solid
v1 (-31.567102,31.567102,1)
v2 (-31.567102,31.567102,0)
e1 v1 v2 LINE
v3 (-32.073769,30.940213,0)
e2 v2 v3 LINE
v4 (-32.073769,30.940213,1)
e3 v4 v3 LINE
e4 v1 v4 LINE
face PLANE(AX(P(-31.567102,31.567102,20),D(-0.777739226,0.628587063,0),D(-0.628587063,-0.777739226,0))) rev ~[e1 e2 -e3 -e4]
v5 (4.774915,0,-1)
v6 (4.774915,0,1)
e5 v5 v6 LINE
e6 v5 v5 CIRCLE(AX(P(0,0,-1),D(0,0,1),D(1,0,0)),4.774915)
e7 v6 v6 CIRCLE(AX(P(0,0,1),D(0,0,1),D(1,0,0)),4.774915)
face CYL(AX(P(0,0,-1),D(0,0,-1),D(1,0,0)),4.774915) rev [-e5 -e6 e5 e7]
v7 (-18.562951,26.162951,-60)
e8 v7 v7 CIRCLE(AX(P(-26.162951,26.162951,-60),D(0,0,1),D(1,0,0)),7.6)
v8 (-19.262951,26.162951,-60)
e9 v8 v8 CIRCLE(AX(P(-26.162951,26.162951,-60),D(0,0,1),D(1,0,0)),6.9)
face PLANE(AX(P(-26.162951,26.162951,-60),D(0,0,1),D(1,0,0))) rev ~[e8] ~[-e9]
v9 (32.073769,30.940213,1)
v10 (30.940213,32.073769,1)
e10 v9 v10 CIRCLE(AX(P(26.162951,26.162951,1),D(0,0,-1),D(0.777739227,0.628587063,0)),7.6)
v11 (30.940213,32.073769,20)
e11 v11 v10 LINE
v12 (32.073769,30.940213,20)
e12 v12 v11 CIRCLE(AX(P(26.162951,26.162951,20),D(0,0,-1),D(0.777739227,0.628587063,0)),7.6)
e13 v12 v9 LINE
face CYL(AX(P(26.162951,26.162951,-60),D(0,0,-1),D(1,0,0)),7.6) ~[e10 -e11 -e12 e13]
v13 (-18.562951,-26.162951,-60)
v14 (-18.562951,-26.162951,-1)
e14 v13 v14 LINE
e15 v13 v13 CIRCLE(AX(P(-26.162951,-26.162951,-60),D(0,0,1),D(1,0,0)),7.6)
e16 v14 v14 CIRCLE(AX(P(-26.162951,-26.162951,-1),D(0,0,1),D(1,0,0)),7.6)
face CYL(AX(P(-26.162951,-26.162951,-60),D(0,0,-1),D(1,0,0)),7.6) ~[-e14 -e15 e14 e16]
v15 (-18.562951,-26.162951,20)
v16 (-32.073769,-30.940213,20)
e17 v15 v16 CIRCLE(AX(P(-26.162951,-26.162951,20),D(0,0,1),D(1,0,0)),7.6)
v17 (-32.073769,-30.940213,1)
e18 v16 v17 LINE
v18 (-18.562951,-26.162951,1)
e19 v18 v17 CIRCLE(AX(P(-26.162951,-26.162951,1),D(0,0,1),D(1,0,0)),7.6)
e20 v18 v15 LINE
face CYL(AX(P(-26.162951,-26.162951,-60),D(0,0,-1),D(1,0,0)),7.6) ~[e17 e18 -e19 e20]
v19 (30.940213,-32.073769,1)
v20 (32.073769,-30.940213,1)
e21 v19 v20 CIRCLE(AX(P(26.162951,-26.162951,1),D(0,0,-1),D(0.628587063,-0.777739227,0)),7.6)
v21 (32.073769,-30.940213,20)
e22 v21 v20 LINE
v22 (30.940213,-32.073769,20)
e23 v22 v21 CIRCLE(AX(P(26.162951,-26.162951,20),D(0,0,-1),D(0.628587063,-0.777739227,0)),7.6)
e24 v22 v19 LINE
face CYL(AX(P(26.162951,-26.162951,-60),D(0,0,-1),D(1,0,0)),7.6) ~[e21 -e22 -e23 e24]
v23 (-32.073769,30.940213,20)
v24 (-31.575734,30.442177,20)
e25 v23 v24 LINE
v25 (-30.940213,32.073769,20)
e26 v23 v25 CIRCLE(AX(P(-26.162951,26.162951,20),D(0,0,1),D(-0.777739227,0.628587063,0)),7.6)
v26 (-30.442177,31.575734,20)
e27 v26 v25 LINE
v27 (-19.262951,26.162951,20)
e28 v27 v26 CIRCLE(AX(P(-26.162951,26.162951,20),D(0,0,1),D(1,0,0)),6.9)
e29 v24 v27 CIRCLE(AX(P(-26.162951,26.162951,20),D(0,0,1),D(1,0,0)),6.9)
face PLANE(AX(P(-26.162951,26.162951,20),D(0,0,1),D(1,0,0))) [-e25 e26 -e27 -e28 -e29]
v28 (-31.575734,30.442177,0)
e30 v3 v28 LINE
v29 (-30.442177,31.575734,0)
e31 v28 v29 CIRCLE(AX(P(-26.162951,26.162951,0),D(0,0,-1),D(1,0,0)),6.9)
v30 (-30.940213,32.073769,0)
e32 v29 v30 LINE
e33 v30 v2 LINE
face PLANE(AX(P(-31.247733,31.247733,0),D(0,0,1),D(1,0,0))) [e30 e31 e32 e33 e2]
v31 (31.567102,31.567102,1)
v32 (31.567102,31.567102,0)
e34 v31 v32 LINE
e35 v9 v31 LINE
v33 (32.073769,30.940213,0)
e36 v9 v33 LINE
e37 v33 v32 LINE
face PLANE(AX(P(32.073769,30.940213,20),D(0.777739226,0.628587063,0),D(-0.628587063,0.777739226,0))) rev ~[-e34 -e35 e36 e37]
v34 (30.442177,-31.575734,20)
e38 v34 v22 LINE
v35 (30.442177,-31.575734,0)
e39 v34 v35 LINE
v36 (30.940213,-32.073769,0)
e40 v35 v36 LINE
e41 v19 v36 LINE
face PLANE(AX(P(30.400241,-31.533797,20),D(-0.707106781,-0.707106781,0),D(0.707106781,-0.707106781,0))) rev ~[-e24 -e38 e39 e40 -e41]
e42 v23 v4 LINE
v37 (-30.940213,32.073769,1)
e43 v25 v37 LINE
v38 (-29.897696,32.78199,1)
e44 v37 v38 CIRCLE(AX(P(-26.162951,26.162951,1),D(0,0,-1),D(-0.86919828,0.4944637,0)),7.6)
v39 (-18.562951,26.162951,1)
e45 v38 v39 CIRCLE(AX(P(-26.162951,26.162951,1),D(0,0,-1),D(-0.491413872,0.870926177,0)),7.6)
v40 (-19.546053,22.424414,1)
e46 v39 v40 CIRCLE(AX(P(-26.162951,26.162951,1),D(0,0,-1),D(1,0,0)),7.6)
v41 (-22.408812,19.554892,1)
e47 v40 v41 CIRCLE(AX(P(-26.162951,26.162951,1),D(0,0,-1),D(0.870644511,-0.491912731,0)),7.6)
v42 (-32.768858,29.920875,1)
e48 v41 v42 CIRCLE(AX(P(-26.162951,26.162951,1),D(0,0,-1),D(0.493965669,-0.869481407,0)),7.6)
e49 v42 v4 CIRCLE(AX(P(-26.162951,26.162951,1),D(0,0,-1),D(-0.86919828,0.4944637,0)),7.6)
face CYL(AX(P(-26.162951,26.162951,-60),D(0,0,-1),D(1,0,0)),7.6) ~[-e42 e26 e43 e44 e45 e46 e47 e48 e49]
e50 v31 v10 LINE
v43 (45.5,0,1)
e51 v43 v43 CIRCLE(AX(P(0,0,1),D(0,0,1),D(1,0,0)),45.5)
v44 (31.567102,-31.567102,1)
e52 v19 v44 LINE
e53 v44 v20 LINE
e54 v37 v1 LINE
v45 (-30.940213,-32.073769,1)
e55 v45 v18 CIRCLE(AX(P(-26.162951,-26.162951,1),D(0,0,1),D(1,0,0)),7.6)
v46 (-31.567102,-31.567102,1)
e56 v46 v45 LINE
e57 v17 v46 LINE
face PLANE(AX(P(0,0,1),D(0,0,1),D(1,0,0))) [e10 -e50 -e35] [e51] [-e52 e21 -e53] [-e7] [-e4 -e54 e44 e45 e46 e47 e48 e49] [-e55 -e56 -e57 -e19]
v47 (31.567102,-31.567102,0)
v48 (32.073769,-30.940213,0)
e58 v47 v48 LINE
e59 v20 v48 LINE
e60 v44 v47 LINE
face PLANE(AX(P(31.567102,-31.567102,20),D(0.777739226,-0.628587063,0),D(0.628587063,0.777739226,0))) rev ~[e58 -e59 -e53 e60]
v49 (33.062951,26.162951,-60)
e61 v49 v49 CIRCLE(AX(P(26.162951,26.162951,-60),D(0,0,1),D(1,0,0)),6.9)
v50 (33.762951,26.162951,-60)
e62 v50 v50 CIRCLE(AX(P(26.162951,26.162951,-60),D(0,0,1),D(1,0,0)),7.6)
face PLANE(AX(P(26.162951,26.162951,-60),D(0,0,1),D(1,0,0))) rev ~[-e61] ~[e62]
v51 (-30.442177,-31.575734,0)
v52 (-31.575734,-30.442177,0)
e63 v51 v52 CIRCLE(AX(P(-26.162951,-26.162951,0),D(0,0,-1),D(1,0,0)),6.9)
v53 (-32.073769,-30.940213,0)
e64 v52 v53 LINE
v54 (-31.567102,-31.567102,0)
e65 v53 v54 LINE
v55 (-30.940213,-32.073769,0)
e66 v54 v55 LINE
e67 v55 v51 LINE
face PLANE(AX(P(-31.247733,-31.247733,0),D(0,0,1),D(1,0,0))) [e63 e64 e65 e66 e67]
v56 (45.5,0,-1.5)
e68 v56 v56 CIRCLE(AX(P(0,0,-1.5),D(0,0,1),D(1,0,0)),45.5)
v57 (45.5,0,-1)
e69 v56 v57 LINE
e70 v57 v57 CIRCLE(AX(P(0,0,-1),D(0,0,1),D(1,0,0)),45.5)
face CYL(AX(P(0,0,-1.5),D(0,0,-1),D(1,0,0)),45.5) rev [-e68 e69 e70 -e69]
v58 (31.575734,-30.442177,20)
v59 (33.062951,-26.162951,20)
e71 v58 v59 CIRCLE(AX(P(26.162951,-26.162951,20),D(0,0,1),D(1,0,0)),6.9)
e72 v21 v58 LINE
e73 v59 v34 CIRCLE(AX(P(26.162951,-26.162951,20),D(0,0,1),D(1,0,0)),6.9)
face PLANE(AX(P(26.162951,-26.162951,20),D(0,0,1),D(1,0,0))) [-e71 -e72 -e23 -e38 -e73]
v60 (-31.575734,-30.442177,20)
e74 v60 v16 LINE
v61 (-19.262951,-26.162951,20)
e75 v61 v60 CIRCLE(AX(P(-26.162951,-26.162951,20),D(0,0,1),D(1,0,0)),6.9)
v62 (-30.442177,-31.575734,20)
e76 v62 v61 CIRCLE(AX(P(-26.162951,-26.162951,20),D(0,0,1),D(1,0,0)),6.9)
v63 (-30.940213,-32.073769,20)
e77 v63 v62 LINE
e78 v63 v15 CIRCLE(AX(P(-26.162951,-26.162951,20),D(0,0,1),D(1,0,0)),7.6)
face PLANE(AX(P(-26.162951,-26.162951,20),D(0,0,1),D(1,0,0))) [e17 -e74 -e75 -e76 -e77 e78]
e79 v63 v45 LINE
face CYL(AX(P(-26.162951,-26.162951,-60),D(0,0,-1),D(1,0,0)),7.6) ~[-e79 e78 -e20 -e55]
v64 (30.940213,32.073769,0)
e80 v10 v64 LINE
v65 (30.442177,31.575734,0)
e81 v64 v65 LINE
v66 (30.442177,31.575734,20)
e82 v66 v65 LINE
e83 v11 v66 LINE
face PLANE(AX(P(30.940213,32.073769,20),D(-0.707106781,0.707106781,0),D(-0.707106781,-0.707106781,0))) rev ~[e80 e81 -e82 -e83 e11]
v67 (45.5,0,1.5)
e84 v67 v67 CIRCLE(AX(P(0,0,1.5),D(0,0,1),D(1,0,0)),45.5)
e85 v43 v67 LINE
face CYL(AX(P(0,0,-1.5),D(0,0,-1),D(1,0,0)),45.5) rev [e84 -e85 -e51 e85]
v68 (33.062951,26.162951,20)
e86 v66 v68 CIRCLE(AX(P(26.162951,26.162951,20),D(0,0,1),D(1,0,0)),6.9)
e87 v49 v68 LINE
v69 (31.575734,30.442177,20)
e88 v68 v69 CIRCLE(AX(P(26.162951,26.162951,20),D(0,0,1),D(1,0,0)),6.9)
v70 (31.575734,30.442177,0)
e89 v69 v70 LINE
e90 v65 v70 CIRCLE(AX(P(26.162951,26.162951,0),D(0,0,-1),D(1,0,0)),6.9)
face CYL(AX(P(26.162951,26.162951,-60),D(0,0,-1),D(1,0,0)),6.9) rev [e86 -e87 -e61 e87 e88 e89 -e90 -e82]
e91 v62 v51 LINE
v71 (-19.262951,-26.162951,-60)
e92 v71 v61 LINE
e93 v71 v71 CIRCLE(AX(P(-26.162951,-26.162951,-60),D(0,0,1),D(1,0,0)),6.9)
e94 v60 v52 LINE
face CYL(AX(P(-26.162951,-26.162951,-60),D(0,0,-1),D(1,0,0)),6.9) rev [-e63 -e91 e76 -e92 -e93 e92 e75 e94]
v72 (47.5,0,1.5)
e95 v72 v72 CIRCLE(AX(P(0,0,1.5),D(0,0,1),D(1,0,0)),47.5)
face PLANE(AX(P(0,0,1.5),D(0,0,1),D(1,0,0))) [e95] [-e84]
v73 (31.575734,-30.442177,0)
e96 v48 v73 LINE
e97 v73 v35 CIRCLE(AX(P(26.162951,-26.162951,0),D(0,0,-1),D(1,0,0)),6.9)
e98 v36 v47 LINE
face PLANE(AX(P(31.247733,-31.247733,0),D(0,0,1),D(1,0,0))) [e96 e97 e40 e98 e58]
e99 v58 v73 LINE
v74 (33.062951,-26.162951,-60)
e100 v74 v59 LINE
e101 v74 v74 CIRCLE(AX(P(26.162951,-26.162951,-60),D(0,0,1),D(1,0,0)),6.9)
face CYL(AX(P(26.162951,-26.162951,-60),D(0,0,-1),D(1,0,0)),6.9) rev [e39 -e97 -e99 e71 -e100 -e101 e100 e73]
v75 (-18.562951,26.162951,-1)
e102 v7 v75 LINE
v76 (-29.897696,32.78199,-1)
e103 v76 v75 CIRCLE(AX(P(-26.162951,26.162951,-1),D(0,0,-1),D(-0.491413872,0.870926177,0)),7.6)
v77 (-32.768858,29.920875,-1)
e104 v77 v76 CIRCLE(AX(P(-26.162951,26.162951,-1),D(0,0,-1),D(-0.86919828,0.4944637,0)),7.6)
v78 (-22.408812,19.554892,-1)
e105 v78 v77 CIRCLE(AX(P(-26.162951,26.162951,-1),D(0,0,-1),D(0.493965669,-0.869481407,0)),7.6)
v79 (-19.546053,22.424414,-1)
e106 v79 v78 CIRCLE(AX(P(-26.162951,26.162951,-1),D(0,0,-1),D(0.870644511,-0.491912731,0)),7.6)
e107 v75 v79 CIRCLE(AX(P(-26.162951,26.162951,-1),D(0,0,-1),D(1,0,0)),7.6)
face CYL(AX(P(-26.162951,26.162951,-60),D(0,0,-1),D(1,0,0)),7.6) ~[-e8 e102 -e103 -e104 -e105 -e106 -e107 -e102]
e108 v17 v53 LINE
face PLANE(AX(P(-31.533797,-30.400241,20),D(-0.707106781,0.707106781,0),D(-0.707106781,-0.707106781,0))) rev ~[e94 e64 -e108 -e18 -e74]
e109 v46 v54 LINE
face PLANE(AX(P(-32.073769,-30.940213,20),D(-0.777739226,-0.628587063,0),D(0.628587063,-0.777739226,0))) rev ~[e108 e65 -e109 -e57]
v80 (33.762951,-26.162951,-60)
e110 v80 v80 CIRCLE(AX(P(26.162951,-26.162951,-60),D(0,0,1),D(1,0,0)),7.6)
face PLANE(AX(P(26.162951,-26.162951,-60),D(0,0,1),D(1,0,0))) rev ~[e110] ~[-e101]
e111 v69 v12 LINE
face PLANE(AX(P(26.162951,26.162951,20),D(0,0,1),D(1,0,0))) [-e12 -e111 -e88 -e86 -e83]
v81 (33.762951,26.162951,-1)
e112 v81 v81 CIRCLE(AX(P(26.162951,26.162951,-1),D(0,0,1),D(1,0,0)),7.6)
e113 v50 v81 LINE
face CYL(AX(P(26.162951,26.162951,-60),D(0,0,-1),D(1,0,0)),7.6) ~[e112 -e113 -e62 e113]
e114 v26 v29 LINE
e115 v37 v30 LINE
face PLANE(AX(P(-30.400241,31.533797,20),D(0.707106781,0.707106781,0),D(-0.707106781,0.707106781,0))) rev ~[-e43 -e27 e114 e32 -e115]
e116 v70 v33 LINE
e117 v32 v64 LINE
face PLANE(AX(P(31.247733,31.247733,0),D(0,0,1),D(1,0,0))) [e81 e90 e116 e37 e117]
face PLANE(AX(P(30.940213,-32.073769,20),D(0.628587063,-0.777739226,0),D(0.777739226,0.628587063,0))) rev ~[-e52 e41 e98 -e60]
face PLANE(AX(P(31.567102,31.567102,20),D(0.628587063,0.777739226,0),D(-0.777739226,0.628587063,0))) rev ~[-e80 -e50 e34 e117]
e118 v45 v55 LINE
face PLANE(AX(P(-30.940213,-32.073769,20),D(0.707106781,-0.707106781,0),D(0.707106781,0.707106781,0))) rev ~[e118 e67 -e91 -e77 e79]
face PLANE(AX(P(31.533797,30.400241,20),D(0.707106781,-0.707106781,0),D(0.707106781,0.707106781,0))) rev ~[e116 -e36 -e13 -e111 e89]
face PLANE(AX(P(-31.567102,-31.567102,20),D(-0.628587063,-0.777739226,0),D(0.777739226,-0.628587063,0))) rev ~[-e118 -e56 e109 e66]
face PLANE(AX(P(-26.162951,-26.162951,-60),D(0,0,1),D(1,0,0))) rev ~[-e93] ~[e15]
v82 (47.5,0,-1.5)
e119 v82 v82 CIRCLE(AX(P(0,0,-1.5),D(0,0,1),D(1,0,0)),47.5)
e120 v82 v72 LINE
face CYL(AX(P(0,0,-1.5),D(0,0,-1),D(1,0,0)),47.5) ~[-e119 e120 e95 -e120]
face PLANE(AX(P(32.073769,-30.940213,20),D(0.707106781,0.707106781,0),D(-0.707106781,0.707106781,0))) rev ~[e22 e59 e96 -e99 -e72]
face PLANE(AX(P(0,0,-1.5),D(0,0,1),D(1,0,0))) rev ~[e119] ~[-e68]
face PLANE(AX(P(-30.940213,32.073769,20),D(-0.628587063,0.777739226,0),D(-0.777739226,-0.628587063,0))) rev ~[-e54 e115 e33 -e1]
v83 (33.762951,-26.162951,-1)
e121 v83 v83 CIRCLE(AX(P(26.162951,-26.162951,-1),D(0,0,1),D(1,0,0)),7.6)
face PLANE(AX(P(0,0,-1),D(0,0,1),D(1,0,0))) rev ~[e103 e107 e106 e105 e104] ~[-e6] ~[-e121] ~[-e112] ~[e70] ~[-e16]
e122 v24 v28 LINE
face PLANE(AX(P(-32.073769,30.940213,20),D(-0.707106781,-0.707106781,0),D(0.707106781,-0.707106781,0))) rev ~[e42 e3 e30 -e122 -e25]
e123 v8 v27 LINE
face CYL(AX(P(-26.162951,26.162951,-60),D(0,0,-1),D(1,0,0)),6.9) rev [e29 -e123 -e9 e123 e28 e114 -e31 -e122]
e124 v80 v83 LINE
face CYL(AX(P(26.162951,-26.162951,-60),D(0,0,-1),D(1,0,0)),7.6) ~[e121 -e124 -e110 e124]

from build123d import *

# Parameters (mm, degrees)
BOSS_EXTRUDE1_DEPTH      = 1
BOSS_EXTRUDE1_DEPTH_BACK = 1
SKETCH1_R                = 45.5
SKETCH1_R_2              = 7.6
SKETCH1_R_3              = 4.774915174
BOSS_EXTRUDE2_DEPTH      = 1.5
BOSS_EXTRUDE2_DEPTH_BACK = 1.5
SKETCH1_3_R              = 47.5
SKETCH1_3_R_2            = 45.5
BOSS_EXTRUDE6_DEPTH      = 20
BOSS_EXTRUDE6_DEPTH_BACK = 60
SKETCH1_6_R              = 7.6
SKETCH1_6_R_2            = 6.9
CUT_EXTRUDE1_DEPTH       = 20


with BuildPart() as part:
    # Sketch1 → Boss-Extrude1 (new, two sides: drawn at the far end of the back side and taken through both)
    with BuildSketch(Plane.XY.offset(-BOSS_EXTRUDE1_DEPTH_BACK)):
        Circle(SKETCH1_R)
        with Locations((-26.162950904, -26.162950904)):
            Circle(SKETCH1_R_2, mode=Mode.SUBTRACT)
        with Locations((26.162950904, -26.162950904)):
            Circle(SKETCH1_R_2, mode=Mode.SUBTRACT)
        with BuildLine():
            ThreePointArc((-29.897696331, 32.781989852), (-22.330462499, 32.725879566), (-18.562950904, 26.162950904))
            ThreePointArc((-18.562950904, 26.162950904), (-18.81283434, 24.230132624), (-19.546052615, 22.424414153))
            ThreePointArc((-19.546052615, 22.424414153), (-20.782603043, 20.795283171), (-22.408811817, 19.554892209))
            ThreePointArc((-22.408811817, 19.554892209), (-31.538501561, 20.790478928), (-32.768857831, 29.920875021))
            ThreePointArc((-32.768857831, 29.920875021), (-31.527535445, 31.546372929), (-29.897696331, 32.781989852))
        make_face(mode=Mode.SUBTRACT)
        Circle(SKETCH1_R_3, mode=Mode.SUBTRACT)
        with Locations((26.162950904, 26.162950904)):
            Circle(SKETCH1_R_2, mode=Mode.SUBTRACT)
    extrude(amount=BOSS_EXTRUDE1_DEPTH + BOSS_EXTRUDE1_DEPTH_BACK)

    # Sketch1<3> → Boss-Extrude2 (add, two sides: drawn at the far end of the back side and taken through both)
    with BuildSketch(Plane.XY.offset(-BOSS_EXTRUDE2_DEPTH_BACK)):
        Circle(SKETCH1_3_R)
        Circle(SKETCH1_3_R_2, mode=Mode.SUBTRACT)
    extrude(amount=BOSS_EXTRUDE2_DEPTH + BOSS_EXTRUDE2_DEPTH_BACK)

    # Sketch1<6> → Boss-Extrude6 (add, two sides: drawn at the far end of the back side and taken through both)
    # profile 1 of 4: a face of its own
    with BuildSketch(Plane.XY.offset(-BOSS_EXTRUDE6_DEPTH_BACK)):
        with Locations((-26.162950904, 26.162950904)):
            Circle(SKETCH1_6_R)
        with Locations((-26.162950904, 26.162950904)):
            Circle(SKETCH1_6_R_2, mode=Mode.SUBTRACT)
    # profile 2 of 4: a face of its own
    with BuildSketch(Plane.XY.offset(-BOSS_EXTRUDE6_DEPTH_BACK)):
        with Locations((26.162950904, 26.162950904)):
            Circle(SKETCH1_6_R)
        with Locations((26.162950904, 26.162950904)):
            Circle(SKETCH1_6_R_2, mode=Mode.SUBTRACT)
    # profile 3 of 4: a face of its own
    with BuildSketch(Plane.XY.offset(-BOSS_EXTRUDE6_DEPTH_BACK)):
        with Locations((26.162950904, -26.162950904)):
            Circle(SKETCH1_6_R)
        with Locations((26.162950904, -26.162950904)):
            Circle(SKETCH1_6_R_2, mode=Mode.SUBTRACT)
    # profile 4 of 4: a face of its own
    with BuildSketch(Plane.XY.offset(-BOSS_EXTRUDE6_DEPTH_BACK)):
        with Locations((-26.162950904, -26.162950904)):
            Circle(SKETCH1_6_R)
        with Locations((-26.162950904, -26.162950904)):
            Circle(SKETCH1_6_R_2, mode=Mode.SUBTRACT)
    extrude(amount=BOSS_EXTRUDE6_DEPTH + BOSS_EXTRUDE6_DEPTH_BACK)

    # Sketch2 → Cut-Extrude1 (cut)
    with BuildSketch(Plane.XY.offset(20)):
        Polygon((-31.533797235, 30.40024079), (-30.40024079, 31.533797235), (-30.940212581, 32.073769026), (-31.567102172, 31.567102172), (-32.073769026, 30.940212581), align=None)
        Polygon((31.533797235, 30.40024079), (32.073769026, 30.940212581), (31.567102172, 31.567102172), (30.940212581, 32.073769026), (30.40024079, 31.533797235), align=None)
        Polygon((30.40024079, -31.533797235), (30.940212581, -32.073769026), (31.567102172, -31.567102172), (32.073769026, -30.940212581), (31.533797235, -30.40024079), align=None)
        Polygon((-31.533797235, -30.40024079), (-32.073769026, -30.940212581), (-31.567102172, -31.567102172), (-30.940212581, -32.073769026), (-30.40024079, -31.533797235), align=None)
    extrude(amount=-CUT_EXTRUDE1_DEPTH, mode=Mode.SUBTRACT)


solid = part.part
